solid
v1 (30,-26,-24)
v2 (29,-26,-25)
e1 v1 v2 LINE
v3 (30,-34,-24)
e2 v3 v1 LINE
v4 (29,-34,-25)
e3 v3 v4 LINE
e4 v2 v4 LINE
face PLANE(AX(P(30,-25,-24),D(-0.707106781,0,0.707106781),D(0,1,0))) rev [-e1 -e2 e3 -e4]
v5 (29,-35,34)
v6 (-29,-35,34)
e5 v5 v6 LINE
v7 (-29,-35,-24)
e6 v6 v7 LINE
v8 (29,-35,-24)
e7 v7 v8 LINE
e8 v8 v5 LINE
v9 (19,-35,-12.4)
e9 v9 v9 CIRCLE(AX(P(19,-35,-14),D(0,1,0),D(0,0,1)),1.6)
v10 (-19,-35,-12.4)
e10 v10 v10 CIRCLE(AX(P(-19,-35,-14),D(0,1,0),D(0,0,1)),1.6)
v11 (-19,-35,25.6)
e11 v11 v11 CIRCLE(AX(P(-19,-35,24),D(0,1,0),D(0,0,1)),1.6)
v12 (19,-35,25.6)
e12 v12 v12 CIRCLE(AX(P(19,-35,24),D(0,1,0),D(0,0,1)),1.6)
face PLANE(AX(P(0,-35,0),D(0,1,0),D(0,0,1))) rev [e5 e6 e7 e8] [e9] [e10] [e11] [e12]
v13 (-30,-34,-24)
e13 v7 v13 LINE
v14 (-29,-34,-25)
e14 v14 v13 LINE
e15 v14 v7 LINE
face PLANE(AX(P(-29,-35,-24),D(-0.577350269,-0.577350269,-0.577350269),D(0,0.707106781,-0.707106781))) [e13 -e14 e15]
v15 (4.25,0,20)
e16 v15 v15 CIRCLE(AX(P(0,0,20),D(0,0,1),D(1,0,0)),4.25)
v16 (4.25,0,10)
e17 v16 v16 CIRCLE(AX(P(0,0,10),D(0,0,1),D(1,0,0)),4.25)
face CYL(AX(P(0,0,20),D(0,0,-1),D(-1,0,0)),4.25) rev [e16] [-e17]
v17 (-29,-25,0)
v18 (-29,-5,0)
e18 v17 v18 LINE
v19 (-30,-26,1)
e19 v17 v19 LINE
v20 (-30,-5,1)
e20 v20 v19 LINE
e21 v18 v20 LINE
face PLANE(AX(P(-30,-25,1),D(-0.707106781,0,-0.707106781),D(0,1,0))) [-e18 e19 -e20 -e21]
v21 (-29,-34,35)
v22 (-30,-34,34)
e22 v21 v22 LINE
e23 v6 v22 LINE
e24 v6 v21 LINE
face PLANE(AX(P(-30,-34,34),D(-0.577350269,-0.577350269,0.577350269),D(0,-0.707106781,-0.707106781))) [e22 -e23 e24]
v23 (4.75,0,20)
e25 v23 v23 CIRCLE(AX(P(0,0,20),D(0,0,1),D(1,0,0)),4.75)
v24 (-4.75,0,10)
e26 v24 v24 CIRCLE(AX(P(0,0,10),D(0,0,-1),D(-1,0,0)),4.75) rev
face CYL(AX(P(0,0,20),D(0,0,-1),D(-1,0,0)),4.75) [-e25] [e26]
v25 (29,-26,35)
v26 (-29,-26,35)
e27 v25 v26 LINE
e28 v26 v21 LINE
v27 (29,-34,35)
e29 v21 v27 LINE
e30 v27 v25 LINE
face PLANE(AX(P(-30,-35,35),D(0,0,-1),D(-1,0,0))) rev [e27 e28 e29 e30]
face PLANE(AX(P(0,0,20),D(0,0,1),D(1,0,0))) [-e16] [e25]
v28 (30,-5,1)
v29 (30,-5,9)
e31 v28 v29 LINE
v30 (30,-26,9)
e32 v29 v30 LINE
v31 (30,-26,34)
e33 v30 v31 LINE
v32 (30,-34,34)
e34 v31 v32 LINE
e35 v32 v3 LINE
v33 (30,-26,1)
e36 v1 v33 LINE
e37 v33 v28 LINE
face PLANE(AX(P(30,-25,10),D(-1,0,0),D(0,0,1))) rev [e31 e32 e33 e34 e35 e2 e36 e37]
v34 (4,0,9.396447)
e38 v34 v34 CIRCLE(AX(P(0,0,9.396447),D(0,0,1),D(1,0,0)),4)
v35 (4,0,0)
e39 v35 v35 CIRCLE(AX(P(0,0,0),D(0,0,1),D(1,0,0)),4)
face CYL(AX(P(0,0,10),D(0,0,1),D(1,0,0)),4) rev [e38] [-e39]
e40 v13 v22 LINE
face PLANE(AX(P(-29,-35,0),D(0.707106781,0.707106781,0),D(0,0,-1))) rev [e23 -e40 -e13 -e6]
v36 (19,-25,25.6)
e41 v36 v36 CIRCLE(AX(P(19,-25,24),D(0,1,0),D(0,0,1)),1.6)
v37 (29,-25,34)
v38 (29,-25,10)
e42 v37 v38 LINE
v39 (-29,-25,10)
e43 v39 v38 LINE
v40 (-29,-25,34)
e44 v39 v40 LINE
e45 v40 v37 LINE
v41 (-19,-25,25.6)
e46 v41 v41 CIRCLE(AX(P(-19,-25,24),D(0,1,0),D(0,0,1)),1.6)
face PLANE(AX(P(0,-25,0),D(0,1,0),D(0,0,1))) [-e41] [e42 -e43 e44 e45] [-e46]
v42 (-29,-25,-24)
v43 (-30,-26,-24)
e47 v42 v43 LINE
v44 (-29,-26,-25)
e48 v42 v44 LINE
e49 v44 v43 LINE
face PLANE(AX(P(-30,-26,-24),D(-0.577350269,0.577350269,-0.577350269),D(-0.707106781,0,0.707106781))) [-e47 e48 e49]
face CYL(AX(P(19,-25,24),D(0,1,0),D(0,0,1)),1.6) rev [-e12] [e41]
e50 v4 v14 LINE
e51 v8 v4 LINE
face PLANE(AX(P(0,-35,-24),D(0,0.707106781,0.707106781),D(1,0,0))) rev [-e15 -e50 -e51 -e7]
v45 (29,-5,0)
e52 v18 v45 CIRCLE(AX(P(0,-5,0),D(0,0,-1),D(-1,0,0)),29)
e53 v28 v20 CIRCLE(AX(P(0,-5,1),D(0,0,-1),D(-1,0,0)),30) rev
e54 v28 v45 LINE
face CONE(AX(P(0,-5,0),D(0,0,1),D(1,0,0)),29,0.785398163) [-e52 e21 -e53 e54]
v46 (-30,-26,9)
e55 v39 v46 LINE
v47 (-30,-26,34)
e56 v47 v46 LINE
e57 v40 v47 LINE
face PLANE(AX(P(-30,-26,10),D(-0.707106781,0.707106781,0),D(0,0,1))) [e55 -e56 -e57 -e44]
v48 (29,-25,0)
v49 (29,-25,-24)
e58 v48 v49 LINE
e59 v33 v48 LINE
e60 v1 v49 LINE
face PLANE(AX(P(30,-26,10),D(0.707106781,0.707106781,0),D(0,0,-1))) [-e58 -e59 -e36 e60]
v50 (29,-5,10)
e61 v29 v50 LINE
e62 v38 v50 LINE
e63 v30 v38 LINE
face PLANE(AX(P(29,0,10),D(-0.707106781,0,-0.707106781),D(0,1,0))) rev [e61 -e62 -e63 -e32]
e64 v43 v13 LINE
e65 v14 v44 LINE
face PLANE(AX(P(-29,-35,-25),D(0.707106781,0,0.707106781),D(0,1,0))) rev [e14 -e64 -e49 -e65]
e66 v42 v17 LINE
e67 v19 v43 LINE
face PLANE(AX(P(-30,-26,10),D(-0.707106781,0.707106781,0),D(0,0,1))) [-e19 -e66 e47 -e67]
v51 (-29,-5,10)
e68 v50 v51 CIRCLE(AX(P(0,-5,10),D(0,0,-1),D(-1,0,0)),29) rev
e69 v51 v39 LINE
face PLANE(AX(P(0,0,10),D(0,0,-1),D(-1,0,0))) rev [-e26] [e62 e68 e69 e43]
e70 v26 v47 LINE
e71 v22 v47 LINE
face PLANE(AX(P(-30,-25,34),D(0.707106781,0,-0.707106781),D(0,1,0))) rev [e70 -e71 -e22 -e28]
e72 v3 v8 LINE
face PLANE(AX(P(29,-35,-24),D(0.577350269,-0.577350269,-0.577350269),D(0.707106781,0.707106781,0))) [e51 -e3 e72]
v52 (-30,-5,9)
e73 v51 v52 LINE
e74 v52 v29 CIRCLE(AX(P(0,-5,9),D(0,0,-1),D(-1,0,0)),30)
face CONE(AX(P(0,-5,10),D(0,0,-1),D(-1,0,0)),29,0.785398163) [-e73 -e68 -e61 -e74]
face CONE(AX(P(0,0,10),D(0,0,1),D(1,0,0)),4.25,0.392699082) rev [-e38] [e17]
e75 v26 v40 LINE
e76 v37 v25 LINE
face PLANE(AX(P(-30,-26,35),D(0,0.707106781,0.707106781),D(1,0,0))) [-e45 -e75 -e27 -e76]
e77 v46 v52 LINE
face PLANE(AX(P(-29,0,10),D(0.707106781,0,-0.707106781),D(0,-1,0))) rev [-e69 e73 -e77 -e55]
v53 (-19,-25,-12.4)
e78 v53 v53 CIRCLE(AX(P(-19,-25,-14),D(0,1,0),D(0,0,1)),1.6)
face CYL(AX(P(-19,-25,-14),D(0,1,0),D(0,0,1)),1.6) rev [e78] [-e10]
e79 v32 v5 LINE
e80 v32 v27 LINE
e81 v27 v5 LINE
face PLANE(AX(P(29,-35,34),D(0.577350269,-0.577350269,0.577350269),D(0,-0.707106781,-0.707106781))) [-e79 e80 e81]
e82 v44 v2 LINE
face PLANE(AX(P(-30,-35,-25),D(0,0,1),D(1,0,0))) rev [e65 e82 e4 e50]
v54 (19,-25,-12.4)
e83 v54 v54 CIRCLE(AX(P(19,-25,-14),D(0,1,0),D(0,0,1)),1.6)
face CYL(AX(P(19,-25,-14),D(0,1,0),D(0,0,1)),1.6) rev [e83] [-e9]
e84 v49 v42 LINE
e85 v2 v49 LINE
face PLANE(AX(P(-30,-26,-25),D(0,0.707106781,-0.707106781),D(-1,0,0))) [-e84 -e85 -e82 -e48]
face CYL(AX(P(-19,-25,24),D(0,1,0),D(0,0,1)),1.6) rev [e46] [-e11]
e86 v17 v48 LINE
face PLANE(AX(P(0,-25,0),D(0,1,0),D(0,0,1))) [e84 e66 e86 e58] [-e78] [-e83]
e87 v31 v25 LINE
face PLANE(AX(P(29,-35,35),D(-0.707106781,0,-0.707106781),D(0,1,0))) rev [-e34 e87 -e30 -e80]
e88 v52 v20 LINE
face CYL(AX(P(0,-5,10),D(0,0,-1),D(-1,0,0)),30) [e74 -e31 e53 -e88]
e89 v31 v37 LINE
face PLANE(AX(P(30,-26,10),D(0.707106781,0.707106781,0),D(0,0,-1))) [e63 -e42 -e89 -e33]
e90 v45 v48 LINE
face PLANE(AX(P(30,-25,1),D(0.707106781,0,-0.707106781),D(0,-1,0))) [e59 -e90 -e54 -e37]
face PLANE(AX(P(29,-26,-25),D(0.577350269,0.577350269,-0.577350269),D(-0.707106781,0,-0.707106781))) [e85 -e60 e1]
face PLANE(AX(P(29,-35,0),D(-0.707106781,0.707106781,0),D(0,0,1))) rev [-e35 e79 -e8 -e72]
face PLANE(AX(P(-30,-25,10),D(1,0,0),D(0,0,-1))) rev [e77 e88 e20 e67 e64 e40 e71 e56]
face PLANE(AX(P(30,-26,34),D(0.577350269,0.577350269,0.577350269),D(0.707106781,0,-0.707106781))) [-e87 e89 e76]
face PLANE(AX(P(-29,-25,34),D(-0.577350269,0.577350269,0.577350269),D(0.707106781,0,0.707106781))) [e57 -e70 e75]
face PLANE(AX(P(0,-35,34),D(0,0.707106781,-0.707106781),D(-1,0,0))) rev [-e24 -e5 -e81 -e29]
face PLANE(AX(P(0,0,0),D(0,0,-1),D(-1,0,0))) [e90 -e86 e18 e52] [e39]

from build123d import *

# Parameters (mm, degrees)
SKETCH_1_W      = 60
SKETCH_1_H      = 50
EXTRUDE_1_DEPTH = 10
SKETCH_8_W      = 60
SKETCH_8_H      = 60
EXTRUDE_2_DEPTH = 10
SKETCH_9_R      = 4.75
SKETCH_9_R_2    = 4.25
EXTRUDE_3_DEPTH = 10
FILLET_1_RADIUS = 30
FILLET_1_LENGTH = 10
CHAMFER_1_SIZE  = 1
HOLE_WIZARD_4_D = 3.2


with BuildPart() as part:
    # 草图1 → 凸台-拉伸1 (new body)
    with BuildSketch(Plane.XY):
        Rectangle(SKETCH_1_W, SKETCH_1_H)
    extrude(amount=EXTRUDE_1_DEPTH)

    # 草图3 → 孔1 (revolve, cut)
    with BuildSketch(Plane(origin=(0, 0, 10), x_dir=(0, -1, 0), z_dir=(1, 0, 0))):
        Polygon((0, 0), (0, 10), (4, 10), (4, 0.603553391), (4.25, 0), align=None)
    revolve(axis=Axis((0, 0, 16.445314094), (0, 0, -1)), mode=Mode.SUBTRACT)

    # 草图8 → 凸台-拉伸2 (add)
    with BuildSketch(Plane.XZ.offset(25)):
        with Locations((0, 5)):
            Rectangle(SKETCH_8_W, SKETCH_8_H)
    extrude(amount=EXTRUDE_2_DEPTH)

    # 草图9 → 凸台-拉伸3 (add)
    with BuildSketch(Plane.XY.offset(10)):
        with Locations(Location((0, 0, 0), (0, 0, 180))):
            Circle(SKETCH_9_R)
        Circle(SKETCH_9_R_2, mode=Mode.SUBTRACT)
    extrude(amount=EXTRUDE_3_DEPTH)

    # 圆角1: full round fillet: the end face becomes a half cylinder, R = half its width
    fillet_1_face = Plane((0, 25, 5), x_dir=(0, 0, 1), z_dir=(0, 1, 0))  # on the end face: x along it, z out of the body
    fillet_1_slab = fillet_1_face.offset(-FILLET_1_RADIUS / 2) * Box(FILLET_1_LENGTH, 2 * FILLET_1_RADIUS, FILLET_1_RADIUS, mode=Mode.PRIVATE)  # the body's end, R deep
    fillet_1_round = Plane((0, -5, 5), x_dir=(0, 1, 0), z_dir=(0, 0, 1)) * Cylinder(FILLET_1_RADIUS, FILLET_1_LENGTH, mode=Mode.PRIVATE)  # its axis R under the face
    add(fillet_1_slab - fillet_1_round, mode=Mode.SUBTRACT)

    # 倒角1
    chamfer_1_edges = [part.edges().sort_by_distance(p)[0] for p in [
        (30, -25, -12.5),
        (30, -25, 22.5),
        (30, -30, -25),
        (0, -25, 35),
        (30, -30, 35),
        (-30, -25, 22.5),
        (-30, -25, -12.5),
        (-30, -30, 35),
        (0, -25, -25),
        (-30, -30, -25),
        (30, -35, 5),
        (0, -35, 35),
        (-30, -35, 5),
        (0, -35, -25),
        (-30, -15, 0),
        (-30, -15, 10),
        (0, 25, 10),
        (0, 25, 0),
        (30, -15, 10),
        (30, -15, 0),
    ]]
    chamfer(chamfer_1_edges, length=CHAMFER_1_SIZE)

    # 孔4 (through all)
    with Locations(Plane(origin=(0, -25, 0), x_dir=(1, 0, 0), z_dir=(0, 1, 0))):
        with Locations((-19, 14), (19, 14), (19, -24), (-19, -24)):
            Hole(HOLE_WIZARD_4_D / 2)


solid = part.part
